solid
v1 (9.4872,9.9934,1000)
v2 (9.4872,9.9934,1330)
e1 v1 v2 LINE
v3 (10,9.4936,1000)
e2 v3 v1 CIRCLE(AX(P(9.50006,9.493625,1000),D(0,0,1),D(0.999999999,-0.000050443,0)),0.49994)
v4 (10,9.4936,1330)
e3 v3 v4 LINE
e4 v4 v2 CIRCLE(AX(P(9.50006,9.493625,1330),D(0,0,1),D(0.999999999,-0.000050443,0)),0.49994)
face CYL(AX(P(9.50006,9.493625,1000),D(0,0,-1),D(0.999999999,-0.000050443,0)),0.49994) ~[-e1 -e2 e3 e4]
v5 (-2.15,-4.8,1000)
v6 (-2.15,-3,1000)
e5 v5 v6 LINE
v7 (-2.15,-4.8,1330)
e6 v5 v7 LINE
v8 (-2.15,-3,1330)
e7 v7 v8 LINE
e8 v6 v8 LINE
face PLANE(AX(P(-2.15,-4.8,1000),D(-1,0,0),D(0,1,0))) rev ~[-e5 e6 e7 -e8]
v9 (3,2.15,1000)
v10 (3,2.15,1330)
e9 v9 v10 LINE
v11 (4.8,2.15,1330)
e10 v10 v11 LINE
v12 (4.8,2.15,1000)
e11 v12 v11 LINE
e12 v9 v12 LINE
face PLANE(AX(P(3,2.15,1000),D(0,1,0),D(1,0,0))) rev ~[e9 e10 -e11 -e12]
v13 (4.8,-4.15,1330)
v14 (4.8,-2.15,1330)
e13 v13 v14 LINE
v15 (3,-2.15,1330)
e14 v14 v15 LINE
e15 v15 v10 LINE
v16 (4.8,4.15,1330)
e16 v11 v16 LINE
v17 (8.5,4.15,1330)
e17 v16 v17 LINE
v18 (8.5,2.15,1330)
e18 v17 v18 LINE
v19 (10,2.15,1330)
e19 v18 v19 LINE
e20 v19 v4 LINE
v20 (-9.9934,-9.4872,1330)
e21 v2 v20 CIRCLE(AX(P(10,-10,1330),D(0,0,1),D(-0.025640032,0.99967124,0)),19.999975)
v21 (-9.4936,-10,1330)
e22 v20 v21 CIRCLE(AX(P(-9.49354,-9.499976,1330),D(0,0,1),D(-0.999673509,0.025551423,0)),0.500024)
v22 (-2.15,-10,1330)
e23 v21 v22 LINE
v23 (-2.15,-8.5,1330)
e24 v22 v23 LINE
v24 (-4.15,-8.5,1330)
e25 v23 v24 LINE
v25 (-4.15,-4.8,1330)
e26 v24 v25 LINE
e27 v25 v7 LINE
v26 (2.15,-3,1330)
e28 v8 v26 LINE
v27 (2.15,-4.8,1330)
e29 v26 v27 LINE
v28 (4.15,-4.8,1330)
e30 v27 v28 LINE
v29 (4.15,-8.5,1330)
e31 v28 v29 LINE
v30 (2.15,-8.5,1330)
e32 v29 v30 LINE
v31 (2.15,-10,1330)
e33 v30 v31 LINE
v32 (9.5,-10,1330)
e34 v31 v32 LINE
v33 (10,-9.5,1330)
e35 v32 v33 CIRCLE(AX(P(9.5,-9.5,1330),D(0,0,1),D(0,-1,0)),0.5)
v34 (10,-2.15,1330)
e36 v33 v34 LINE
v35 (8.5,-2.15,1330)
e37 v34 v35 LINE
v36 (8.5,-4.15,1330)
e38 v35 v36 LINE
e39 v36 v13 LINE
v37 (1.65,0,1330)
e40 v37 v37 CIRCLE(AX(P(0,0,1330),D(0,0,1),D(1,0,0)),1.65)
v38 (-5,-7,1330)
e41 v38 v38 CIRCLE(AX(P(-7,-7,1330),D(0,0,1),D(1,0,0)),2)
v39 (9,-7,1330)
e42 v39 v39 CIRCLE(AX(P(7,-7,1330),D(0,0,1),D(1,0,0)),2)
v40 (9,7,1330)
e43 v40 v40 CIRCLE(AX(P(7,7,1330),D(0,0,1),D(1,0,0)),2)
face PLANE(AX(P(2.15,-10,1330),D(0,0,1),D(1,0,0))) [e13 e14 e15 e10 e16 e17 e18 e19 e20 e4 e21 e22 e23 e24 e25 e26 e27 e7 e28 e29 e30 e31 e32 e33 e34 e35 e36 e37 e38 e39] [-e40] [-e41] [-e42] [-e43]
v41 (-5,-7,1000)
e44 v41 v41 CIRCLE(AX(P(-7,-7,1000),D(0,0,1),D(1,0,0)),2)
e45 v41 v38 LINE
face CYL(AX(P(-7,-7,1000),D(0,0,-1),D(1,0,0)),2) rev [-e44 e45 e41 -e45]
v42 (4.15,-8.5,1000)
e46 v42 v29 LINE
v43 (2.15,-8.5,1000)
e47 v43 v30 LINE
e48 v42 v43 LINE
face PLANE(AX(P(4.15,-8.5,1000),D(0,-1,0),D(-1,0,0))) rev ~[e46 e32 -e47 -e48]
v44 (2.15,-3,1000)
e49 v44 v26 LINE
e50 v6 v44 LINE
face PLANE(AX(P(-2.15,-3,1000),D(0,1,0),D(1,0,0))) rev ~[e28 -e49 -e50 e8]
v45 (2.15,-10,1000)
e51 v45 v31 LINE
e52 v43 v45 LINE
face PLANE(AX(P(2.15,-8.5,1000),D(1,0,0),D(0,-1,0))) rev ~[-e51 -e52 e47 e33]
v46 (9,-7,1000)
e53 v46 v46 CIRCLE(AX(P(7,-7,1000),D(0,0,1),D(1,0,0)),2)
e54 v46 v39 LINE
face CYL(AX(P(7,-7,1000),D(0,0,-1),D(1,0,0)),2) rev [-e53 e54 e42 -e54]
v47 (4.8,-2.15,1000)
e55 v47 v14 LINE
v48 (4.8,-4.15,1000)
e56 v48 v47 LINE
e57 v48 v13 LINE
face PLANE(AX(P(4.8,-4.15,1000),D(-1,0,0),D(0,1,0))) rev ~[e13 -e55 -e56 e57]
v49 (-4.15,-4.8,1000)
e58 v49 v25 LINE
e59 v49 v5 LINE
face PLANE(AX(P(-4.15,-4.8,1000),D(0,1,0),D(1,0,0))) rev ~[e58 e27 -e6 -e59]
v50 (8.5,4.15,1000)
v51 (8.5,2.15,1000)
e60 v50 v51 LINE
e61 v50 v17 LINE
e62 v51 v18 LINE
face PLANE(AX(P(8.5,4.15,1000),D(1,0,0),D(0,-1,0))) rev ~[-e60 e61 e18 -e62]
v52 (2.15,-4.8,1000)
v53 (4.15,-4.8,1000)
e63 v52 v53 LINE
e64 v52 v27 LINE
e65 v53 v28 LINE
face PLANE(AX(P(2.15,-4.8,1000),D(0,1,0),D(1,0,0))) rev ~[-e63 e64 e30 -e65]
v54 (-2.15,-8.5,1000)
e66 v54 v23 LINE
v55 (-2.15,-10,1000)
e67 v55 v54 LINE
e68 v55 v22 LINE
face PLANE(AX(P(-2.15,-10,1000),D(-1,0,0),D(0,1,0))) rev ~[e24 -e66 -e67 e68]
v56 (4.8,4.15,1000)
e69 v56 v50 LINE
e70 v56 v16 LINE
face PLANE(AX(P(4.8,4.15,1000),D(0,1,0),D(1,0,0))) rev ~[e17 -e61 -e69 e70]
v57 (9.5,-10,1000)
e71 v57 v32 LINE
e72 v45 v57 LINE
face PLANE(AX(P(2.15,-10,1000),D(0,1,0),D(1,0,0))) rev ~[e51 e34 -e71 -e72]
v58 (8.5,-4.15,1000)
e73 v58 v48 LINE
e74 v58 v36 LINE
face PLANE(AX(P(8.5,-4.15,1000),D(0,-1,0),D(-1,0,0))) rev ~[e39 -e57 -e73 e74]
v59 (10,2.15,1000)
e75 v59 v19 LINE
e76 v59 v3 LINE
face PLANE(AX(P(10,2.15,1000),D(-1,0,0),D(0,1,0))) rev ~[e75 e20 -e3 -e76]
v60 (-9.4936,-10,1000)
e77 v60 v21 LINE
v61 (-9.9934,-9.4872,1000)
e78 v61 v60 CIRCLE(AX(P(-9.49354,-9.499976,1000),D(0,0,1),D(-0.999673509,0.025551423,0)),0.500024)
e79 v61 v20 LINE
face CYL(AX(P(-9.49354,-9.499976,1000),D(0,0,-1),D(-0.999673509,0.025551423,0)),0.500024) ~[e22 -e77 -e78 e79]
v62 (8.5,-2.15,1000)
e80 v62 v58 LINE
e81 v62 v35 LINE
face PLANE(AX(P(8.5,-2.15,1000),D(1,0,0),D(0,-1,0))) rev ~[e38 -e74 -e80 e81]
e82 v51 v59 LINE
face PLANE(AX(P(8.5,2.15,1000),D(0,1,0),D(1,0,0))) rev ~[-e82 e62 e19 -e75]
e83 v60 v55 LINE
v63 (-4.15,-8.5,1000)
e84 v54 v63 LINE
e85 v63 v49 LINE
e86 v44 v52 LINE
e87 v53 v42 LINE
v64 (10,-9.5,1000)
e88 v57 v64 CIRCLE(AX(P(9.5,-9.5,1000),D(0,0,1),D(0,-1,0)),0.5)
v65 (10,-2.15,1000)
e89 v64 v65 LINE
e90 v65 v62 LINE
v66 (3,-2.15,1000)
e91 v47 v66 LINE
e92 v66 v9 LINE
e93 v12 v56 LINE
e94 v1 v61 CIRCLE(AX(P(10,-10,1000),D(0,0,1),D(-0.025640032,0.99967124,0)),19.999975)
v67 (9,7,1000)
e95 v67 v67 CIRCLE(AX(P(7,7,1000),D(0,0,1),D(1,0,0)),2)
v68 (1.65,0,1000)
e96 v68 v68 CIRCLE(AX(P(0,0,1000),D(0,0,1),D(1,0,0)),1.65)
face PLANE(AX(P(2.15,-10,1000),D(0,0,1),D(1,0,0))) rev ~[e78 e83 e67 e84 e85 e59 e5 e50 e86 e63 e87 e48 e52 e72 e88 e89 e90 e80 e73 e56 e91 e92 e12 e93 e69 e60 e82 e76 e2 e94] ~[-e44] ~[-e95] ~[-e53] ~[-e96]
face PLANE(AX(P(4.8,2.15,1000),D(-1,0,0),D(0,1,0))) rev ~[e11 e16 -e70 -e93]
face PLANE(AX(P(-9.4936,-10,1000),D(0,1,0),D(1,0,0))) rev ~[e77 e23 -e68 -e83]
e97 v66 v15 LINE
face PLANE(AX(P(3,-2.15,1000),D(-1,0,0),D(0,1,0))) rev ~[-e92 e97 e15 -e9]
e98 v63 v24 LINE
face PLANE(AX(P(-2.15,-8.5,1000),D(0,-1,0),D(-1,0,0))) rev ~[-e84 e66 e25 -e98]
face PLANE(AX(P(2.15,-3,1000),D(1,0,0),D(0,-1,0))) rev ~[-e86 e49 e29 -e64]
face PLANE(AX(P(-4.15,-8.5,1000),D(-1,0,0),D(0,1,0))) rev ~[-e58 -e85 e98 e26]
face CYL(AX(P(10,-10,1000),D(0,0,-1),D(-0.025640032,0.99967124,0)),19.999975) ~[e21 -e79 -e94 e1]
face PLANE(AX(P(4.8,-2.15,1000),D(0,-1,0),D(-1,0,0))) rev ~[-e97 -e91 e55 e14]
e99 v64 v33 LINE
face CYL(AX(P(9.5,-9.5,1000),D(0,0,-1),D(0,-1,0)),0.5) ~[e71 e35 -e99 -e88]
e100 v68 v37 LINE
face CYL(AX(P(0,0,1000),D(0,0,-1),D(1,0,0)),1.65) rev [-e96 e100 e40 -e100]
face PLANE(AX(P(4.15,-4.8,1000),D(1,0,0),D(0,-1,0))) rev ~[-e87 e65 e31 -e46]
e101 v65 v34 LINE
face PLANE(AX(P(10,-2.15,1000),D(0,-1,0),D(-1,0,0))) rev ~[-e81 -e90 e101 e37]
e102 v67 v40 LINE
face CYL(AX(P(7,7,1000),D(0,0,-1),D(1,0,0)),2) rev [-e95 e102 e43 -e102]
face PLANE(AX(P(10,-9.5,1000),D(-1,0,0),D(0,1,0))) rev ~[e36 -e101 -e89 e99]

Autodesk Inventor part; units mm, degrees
ref_plane "YZ Plane" through (0, 0, 0) normal (1, 0, 0) x (0, 1, 0)
ref_plane "XZ Plane" through (0, 0, 0) normal (0, 1, 0) x (-1, 0, 0)
ref_plane "作業平面1" through (2.15, -10, 1000) normal (0, 0, 1) x (1, 0, 0)
sketch "スケッチ1" plane through (2.15, -10, 1000) normal (0, 0, 1) x (1, 0, 0)
  line L0 (6.35, 12.15) -> (7.85, 12.15) projected
  line L1 (7.85, 12.15) -> (7.85, 19.4936) projected
  arc A0 (7.85, 19.4936) -> (7.3372, 19.9934) centre (7.35, 19.4936) ccw projected
  arc A1 (7.3372, 19.9934) -> (-12.1434, 0.5128) centre (7.85, 0) ccw projected
  arc A2 (-12.1434, 0.5128) -> (-11.6436, 0) centre (-11.6436, 0.5) ccw projected
  line L2 (-11.6436, 0) -> (-4.3, 0) projected
  line L3 (-4.3, 0) -> (-4.3, 1.5) projected
  line L4 (-4.3, 1.5) -> (-6.3, 1.5) projected
  line L5 (-6.3, 1.5) -> (-6.3, 5.2) projected
  line L6 (-6.3, 5.2) -> (-4.3, 5.2) projected
  line L7 (-4.3, 5.2) -> (-4.3, 7) projected
  line L8 (-4.3, 7) -> (0, 7) projected
  line L9 (0, 7) -> (0, 5.2) projected
  line L10 (0, 5.2) -> (2, 5.2) projected
  line L11 (2, 5.2) -> (2, 1.5) projected
  line L12 (2, 1.5) -> (0, 1.5) projected
  line L13 (0, 1.5) -> (0, 0) projected
  line L14 (0, 0) -> (7.35, 0) projected
  arc A3 (7.35, 0) -> (7.85, 0.5) centre (7.35, 0.5) ccw projected
  line L15 (7.85, 0.5) -> (7.85, 7.85) projected
  line L16 (7.85, 7.85) -> (6.35, 7.85) projected
  line L17 (6.35, 7.85) -> (6.35, 5.85) projected
  line L18 (6.35, 5.85) -> (2.65, 5.85) projected
  line L19 (2.65, 5.85) -> (2.65, 7.85) projected
  line L20 (2.65, 7.85) -> (0.85, 7.85) projected
  line L21 (0.85, 7.85) -> (0.85, 12.15) projected
  line L22 (0.85, 12.15) -> (2.65, 12.15) projected
  line L23 (2.65, 12.15) -> (2.65, 14.15) projected
  line L24 (2.65, 14.15) -> (6.35, 14.15) projected
  line L25 (6.35, 14.15) -> (6.35, 12.15) projected
  circle A4 centre (4.85, 3) radius 2 projected
  circle A5 centre (-9.15, 3) radius 2 projected
  circle A6 centre (4.85, 17) radius 2 projected
  circle A7 centre (-2.15, 10) radius 1.65 projected
extrude "押し出し1" add sketch "スケッチ1" along normal blind 330
properties part number "AFSR-2020-4-1000"
